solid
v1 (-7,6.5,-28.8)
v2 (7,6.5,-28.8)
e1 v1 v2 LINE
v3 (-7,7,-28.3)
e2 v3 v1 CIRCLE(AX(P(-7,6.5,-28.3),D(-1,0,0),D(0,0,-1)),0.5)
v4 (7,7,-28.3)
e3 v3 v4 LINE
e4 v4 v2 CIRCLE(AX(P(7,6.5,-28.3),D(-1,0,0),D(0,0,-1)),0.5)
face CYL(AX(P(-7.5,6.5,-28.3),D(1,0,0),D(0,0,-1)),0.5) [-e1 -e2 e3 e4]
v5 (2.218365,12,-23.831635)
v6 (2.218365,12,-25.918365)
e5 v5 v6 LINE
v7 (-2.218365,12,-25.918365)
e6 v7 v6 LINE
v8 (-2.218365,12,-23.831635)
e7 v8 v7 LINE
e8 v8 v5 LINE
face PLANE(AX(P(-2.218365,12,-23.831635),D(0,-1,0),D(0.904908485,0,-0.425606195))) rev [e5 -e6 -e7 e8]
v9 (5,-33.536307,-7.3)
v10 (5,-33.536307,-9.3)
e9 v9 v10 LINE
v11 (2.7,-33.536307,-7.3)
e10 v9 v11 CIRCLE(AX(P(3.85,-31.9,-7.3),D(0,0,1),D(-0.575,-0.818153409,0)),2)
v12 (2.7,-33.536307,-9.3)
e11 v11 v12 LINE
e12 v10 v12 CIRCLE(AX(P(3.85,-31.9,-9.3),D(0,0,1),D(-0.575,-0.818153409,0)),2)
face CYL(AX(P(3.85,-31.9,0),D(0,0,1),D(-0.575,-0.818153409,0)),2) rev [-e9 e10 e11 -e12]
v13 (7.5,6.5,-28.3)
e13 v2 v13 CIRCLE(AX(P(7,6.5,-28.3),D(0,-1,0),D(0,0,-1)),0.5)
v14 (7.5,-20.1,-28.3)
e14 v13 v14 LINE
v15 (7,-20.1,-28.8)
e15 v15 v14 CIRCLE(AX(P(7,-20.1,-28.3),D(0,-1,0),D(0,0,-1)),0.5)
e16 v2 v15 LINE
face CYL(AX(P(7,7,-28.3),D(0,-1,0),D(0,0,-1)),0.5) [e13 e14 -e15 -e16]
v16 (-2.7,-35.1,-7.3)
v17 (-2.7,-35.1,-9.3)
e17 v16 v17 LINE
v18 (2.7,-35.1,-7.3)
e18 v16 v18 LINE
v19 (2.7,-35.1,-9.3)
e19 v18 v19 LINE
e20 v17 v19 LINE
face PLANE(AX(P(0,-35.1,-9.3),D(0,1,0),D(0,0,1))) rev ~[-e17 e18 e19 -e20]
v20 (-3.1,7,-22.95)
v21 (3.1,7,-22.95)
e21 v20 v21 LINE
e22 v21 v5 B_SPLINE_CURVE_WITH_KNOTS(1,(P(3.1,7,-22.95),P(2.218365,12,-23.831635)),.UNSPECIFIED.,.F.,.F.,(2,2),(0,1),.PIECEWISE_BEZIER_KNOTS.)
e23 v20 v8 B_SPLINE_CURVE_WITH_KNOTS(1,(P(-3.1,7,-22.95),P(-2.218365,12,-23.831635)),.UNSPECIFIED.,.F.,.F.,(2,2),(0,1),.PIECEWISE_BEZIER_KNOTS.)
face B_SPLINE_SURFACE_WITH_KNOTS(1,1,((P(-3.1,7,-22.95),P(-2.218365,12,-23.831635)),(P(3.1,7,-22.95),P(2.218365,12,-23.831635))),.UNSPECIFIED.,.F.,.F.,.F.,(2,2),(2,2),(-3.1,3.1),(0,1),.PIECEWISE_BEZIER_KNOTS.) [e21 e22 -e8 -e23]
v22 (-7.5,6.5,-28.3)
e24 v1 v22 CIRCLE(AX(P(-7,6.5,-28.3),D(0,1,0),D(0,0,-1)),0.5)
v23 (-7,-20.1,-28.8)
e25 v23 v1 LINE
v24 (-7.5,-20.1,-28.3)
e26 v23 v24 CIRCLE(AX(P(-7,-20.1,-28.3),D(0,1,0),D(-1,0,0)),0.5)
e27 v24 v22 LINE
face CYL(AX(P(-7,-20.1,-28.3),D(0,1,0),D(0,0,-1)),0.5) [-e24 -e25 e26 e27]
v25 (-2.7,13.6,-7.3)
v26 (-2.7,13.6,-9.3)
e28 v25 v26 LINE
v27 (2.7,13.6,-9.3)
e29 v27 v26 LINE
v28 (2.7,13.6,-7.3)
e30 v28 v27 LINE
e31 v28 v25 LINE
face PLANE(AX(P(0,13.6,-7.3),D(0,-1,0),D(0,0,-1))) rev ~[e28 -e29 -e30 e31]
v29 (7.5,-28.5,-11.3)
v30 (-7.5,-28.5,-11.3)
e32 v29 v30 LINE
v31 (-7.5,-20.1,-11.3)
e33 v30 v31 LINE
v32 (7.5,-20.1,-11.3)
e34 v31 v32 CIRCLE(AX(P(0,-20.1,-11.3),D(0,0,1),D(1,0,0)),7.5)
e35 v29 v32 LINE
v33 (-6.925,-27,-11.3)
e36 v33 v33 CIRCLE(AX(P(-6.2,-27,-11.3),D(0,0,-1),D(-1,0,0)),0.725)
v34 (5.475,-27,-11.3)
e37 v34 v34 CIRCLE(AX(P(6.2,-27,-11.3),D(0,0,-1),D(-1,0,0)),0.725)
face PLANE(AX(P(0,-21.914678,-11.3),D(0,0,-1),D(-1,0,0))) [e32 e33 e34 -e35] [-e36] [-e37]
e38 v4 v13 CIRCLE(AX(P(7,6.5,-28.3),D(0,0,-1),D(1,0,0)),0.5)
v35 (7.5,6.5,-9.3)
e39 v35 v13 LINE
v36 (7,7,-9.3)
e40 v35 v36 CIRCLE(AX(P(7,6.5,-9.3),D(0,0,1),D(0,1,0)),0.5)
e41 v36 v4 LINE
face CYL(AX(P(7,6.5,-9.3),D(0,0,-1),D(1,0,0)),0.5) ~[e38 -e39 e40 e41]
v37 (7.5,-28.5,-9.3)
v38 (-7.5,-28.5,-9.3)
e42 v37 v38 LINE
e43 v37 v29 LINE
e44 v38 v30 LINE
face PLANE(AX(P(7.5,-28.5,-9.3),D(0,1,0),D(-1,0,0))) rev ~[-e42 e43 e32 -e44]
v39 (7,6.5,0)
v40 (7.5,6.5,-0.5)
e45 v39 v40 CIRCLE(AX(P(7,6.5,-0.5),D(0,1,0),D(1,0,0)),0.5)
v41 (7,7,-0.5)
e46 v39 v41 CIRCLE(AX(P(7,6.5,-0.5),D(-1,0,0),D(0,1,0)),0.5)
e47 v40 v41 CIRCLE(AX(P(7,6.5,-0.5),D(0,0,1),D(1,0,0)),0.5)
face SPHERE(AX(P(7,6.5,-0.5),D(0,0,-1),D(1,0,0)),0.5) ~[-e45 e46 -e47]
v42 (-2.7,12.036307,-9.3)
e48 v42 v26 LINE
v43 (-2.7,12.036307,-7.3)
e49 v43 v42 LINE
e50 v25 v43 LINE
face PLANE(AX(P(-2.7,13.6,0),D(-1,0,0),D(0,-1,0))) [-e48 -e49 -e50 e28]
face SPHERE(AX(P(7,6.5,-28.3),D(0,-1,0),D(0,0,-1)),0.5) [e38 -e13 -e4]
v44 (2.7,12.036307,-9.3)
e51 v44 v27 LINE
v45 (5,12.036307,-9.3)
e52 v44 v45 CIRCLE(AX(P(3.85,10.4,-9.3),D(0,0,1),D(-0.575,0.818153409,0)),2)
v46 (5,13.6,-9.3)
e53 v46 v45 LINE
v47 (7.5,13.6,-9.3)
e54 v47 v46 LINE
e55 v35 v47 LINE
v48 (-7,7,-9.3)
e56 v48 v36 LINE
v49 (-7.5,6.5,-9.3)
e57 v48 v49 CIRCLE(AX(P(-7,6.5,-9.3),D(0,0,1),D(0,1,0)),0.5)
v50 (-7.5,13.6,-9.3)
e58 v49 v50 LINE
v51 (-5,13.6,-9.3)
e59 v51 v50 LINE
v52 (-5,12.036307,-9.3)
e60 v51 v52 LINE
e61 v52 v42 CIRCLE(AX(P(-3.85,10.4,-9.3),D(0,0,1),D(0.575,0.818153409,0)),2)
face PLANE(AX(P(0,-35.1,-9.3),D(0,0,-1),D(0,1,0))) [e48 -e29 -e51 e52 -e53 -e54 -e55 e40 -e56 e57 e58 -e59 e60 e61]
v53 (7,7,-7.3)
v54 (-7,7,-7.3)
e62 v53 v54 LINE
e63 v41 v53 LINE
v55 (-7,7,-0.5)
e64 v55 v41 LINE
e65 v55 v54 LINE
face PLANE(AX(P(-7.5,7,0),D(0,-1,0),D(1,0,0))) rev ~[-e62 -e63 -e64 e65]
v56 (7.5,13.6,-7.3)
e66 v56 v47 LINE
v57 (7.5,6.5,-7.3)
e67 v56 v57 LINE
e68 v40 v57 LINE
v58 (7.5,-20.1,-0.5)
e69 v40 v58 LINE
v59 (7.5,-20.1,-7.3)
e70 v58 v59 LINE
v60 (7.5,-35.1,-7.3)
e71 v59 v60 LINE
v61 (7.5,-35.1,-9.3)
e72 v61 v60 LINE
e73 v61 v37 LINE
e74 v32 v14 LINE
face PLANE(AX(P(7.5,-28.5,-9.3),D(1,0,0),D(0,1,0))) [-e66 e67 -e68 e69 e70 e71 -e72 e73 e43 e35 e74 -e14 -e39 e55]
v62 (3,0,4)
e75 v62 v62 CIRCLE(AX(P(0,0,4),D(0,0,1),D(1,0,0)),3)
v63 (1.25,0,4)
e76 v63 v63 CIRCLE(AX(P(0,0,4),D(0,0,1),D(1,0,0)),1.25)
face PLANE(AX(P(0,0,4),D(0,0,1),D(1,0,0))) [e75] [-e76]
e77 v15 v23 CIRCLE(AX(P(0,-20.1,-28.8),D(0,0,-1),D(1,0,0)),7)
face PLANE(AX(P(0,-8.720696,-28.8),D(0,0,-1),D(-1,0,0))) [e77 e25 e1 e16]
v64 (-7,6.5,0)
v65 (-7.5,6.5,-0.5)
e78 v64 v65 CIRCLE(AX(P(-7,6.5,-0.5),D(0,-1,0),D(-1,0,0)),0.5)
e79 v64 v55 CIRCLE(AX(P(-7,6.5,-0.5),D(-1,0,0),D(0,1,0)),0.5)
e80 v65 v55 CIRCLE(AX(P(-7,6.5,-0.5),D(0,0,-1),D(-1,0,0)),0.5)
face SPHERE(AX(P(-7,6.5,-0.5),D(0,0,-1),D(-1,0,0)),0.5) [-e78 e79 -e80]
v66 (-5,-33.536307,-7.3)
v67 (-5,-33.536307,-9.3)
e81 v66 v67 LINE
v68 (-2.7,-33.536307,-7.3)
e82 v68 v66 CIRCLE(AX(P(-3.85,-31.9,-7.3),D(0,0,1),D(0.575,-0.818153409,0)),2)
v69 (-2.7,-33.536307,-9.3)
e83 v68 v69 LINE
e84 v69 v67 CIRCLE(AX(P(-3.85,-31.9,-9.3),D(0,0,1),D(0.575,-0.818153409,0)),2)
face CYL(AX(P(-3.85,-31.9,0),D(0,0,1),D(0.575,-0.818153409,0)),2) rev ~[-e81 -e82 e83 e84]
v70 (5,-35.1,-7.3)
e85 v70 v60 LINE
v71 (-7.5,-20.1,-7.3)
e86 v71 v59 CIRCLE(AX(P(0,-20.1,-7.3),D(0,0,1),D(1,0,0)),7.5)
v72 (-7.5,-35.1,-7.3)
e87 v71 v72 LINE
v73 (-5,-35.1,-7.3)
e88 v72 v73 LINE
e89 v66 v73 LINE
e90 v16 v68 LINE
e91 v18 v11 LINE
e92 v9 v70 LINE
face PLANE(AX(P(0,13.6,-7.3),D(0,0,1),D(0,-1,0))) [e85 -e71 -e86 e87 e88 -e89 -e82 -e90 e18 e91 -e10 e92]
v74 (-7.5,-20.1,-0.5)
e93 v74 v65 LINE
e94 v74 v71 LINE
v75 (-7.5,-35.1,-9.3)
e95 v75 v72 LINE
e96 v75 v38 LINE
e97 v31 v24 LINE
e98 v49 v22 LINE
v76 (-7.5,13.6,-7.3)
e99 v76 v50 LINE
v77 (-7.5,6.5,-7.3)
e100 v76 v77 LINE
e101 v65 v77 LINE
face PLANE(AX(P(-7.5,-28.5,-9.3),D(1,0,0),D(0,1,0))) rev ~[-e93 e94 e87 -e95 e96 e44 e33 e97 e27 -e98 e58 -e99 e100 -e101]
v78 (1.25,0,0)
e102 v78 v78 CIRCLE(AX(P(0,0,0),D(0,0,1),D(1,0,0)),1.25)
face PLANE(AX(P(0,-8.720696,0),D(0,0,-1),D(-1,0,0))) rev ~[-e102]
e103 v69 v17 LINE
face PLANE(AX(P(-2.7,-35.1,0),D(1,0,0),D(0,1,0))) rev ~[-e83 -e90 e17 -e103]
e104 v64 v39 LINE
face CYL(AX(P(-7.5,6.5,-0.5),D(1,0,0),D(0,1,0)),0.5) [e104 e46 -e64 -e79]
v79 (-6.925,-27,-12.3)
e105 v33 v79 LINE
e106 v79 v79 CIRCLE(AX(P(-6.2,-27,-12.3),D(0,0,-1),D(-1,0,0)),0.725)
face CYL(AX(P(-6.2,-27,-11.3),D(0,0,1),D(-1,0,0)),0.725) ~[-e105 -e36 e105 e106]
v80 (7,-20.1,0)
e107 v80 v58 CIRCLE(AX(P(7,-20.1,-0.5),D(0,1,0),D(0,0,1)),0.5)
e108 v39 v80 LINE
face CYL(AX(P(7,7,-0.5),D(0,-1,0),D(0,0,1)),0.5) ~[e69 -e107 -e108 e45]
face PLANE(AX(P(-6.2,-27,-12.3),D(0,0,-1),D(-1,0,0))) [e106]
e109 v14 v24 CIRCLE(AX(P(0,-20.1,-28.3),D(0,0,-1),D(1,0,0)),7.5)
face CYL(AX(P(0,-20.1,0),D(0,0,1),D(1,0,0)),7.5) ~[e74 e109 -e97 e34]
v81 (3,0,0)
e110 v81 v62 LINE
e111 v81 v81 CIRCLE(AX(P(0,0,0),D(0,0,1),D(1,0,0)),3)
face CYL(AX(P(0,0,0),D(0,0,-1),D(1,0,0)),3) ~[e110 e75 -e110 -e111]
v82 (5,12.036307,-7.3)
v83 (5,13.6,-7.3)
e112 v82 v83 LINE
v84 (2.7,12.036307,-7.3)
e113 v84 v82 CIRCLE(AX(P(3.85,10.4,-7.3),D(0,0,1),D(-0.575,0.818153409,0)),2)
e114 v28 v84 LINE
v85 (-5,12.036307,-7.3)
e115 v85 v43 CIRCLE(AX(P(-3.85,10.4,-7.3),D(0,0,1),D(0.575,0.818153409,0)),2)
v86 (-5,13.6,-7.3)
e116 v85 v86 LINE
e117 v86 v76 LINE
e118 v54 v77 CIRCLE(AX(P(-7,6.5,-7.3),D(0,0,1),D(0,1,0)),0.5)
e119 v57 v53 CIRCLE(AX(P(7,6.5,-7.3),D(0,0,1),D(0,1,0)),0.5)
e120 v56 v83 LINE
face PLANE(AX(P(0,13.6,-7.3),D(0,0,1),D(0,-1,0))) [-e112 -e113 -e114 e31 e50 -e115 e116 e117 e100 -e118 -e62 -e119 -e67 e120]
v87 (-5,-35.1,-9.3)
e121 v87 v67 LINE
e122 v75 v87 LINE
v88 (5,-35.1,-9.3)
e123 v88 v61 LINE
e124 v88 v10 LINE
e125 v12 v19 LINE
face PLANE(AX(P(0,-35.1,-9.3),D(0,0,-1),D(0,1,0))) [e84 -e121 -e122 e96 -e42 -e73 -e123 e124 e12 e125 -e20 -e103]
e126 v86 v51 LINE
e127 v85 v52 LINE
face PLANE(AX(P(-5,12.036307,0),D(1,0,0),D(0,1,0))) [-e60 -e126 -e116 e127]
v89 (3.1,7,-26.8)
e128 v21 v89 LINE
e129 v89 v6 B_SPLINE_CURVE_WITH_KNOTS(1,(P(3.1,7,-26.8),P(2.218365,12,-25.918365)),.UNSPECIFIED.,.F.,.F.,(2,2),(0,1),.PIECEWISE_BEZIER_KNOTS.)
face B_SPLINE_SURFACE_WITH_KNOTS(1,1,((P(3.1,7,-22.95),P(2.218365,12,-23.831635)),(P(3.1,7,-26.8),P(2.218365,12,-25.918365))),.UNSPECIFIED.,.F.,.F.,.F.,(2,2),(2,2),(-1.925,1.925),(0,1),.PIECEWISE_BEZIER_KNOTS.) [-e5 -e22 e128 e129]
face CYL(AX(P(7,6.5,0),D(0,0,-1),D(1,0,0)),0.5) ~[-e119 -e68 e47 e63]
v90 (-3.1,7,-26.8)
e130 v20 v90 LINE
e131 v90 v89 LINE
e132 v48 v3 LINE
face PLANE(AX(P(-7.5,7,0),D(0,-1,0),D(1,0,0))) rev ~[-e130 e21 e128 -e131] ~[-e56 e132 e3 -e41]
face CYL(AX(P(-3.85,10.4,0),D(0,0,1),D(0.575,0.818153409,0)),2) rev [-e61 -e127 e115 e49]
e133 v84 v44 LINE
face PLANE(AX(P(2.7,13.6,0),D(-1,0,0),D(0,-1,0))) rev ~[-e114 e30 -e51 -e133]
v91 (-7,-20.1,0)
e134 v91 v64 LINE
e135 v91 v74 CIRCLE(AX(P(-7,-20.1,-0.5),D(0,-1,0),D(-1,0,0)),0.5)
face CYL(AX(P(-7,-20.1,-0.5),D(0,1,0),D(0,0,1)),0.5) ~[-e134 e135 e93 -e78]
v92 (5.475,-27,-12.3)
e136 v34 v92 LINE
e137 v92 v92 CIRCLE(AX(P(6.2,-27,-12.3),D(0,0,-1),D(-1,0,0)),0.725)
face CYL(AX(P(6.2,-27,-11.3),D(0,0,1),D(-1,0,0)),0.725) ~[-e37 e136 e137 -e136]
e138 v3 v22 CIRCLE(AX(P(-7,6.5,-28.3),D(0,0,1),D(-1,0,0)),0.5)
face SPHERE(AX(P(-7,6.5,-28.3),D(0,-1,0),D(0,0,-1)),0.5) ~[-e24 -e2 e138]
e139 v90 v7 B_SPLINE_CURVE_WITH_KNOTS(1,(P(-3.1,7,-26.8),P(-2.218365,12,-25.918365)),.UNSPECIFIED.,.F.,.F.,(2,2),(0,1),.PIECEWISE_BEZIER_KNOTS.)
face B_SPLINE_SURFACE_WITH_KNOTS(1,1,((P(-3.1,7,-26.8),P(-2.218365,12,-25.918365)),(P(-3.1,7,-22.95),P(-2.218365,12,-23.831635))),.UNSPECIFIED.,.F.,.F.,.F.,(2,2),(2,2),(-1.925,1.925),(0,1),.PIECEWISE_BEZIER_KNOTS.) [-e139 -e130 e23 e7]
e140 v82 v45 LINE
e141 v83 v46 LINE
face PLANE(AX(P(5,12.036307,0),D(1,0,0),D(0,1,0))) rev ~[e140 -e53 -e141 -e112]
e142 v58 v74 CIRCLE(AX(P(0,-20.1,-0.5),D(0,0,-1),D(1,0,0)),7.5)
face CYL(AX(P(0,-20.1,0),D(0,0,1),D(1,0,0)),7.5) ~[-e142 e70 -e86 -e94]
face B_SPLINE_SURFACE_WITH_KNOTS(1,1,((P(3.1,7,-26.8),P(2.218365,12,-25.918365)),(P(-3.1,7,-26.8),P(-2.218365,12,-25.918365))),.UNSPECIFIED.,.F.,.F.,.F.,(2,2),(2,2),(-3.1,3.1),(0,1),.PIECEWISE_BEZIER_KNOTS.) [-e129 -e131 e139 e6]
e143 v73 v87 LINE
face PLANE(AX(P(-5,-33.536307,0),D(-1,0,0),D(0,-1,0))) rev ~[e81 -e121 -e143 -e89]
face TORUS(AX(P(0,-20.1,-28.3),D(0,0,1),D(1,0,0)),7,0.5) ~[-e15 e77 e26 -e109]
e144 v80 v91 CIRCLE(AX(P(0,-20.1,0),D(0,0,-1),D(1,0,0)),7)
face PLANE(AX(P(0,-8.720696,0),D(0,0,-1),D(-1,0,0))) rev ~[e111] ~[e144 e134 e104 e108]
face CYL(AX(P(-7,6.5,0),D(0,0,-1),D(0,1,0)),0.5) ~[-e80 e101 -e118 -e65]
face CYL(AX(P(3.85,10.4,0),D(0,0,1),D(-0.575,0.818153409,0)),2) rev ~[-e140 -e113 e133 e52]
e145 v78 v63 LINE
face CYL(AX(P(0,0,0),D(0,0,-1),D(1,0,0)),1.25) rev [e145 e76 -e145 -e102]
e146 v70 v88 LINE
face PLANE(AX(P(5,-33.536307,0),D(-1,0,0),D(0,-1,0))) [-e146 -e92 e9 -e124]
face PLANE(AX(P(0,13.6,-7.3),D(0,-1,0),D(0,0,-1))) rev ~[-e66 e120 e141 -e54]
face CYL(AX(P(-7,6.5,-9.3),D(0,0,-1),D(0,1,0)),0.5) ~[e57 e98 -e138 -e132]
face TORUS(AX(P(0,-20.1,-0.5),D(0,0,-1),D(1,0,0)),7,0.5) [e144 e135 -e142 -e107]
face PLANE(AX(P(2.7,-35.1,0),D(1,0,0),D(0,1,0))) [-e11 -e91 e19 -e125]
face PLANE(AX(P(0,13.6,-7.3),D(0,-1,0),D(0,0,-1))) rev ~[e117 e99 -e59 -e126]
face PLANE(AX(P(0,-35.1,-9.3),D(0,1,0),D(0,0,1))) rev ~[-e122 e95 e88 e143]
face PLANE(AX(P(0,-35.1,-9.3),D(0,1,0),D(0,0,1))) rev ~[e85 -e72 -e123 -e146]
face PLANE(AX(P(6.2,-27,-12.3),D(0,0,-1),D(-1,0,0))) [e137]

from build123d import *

# Parameters (mm, degrees)
BOSS_EXTRUDE1_DEPTH     = 28.8
SKETCH3_R               = 3
SKETCH3_R_2             = 1.25
BOSS_EXTRUDE2_DEPTH     = 4
BOSS_EXTRUDE3_DEPTH     = 7.5
SKETCH5_W               = 15
SKETCH5_H               = 13.170644239
BOSS_EXTRUDE4_DEPTH     = 2
SKETCH6_R               = 0.725
BOSS_EXTRUDE5_DEPTH     = 1
CUT_EXTRUDE1_DEPTH      = 5
CUT_EXTRUDE1_DEPTH_BACK = 29.8
SKETCH8_W               = 6.2
SKETCH8_H               = 3.85
BOSS_EXTRUDE6_DEPTH     = 5
BOSS_EXTRUDE6_TAPER     = 10
FILLET1_R               = 0.5


with BuildPart() as part:
    # Sketch2 → Boss-Extrude1 (new body)
    with BuildSketch(Plane.XY):
        with BuildLine():
            Line((-7.5, 7), (7.5, 7))
            Line((7.5, 7), (7.5, -20.1))
            ThreePointArc((7.5, -20.1), (0, -27.6), (-7.5, -20.1))
            Line((-7.5, -20.1), (-7.5, 7))
        make_face()
    extrude(amount=-BOSS_EXTRUDE1_DEPTH)

    # Sketch3 → Boss-Extrude2 (add)
    with BuildSketch(Plane.XY):
        Circle(SKETCH3_R)
        Circle(SKETCH3_R_2, mode=Mode.SUBTRACT)
    extrude(amount=BOSS_EXTRUDE2_DEPTH)

    # Sketch4 → Boss-Extrude3 (add, symmetric)
    with BuildSketch(Plane(origin=(0, 0, 0), x_dir=(0, 0, -1), z_dir=(1, 0, 0))):
        Polygon((7.3, 7), (7.3, 13.6), (9.3, 13.6), (9.3, 7), (9.3, -35.1), (7.3, -35.1), align=None)
    extrude(amount=BOSS_EXTRUDE3_DEPTH, both=True)

    # Sketch5 → Boss-Extrude4 (add)
    with BuildSketch(Plane(origin=(0, 0, -9.3), x_dir=(-1, 0, 0), z_dir=(0, 0, -1))):
        with Locations((0, -21.914677881)):
            Rectangle(SKETCH5_W, SKETCH5_H)
    extrude(amount=BOSS_EXTRUDE4_DEPTH)

    # Sketch6 → Boss-Extrude5 (add)
    with BuildSketch(Plane(origin=(0, 0, -11.3), x_dir=(-1, 0, 0), z_dir=(0, 0, -1))):
        with Locations((-6.2, -27)):
            Circle(SKETCH6_R)
        with Locations((6.2, -27)):
            Circle(SKETCH6_R)
    extrude(amount=BOSS_EXTRUDE5_DEPTH)

    # Sketch7 → Cut-Extrude1 (cut, two sides)
    with BuildSketch(Plane.XY) as cut_extrude1_sk:
        with BuildLine():
            Line((-5, 12.036306817), (-5, 13.6))
            Line((-5, 13.6), (-2.7, 13.6))
            Line((-2.7, 13.6), (-2.7, 12.036306817))
            ThreePointArc((-2.7, 12.036306817), (-3.85, 8.4), (-5, 12.036306817))
        make_face()
        with BuildLine():
            Line((2.7, 13.6), (2.7, 12.036306817))
            ThreePointArc((2.7, 12.036306817), (3.85, 8.4), (5, 12.036306817))
            Line((5, 12.036306817), (5, 13.6))
            Line((5, 13.6), (2.7, 13.6))
        make_face()
        with BuildLine():
            Line((5, -33.536306817), (5, -35.1))
            Line((5, -35.1), (2.7, -35.1))
            Line((2.7, -35.1), (2.7, -33.536306817))
            ThreePointArc((2.7, -33.536306817), (3.85, -29.9), (5, -33.536306817))
        make_face()
        with BuildLine():
            Line((-2.7, -35.1), (-2.7, -33.536306817))
            ThreePointArc((-2.7, -33.536306817), (-3.85, -29.9), (-5, -33.536306817))
            Line((-5, -33.536306817), (-5, -35.1))
            Line((-5, -35.1), (-2.7, -35.1))
        make_face()
    extrude(amount=CUT_EXTRUDE1_DEPTH, mode=Mode.SUBTRACT)
    extrude(cut_extrude1_sk.sketch, amount=-CUT_EXTRUDE1_DEPTH_BACK, mode=Mode.SUBTRACT)

    # Sketch8 → Boss-Extrude6 (add)
    with BuildSketch(Plane(origin=(0, 7, 0), x_dir=(1, 0, 0), z_dir=(0, 1, 0))):
        with Locations((0, 24.875)):
            Rectangle(SKETCH8_W, SKETCH8_H)
    extrude(amount=BOSS_EXTRUDE6_DEPTH, taper=BOSS_EXTRUDE6_TAPER)

    # Fillet1
    fillet1_edges = [part.edges().sort_by_distance(p)[0] for p in [
        (-7.5, -6.55, -28.8),
        (0, -27.6, -28.8),
        (7.5, 7, -3.65),
        (-7.5, 7, -3.65),
        (7.5, -6.55, -28.8),
        (0, -27.6, 0),
        (-7.5, -6.55, 0),
        (0, 7, 0),
        (7.5, -6.55, 0),
        (0, 7, -28.8),
        (-7.5, 7, -19.05),
        (7.5, 7, -19.05),
    ]]
    fillet(fillet1_edges, radius=FILLET1_R)


solid = part.part
